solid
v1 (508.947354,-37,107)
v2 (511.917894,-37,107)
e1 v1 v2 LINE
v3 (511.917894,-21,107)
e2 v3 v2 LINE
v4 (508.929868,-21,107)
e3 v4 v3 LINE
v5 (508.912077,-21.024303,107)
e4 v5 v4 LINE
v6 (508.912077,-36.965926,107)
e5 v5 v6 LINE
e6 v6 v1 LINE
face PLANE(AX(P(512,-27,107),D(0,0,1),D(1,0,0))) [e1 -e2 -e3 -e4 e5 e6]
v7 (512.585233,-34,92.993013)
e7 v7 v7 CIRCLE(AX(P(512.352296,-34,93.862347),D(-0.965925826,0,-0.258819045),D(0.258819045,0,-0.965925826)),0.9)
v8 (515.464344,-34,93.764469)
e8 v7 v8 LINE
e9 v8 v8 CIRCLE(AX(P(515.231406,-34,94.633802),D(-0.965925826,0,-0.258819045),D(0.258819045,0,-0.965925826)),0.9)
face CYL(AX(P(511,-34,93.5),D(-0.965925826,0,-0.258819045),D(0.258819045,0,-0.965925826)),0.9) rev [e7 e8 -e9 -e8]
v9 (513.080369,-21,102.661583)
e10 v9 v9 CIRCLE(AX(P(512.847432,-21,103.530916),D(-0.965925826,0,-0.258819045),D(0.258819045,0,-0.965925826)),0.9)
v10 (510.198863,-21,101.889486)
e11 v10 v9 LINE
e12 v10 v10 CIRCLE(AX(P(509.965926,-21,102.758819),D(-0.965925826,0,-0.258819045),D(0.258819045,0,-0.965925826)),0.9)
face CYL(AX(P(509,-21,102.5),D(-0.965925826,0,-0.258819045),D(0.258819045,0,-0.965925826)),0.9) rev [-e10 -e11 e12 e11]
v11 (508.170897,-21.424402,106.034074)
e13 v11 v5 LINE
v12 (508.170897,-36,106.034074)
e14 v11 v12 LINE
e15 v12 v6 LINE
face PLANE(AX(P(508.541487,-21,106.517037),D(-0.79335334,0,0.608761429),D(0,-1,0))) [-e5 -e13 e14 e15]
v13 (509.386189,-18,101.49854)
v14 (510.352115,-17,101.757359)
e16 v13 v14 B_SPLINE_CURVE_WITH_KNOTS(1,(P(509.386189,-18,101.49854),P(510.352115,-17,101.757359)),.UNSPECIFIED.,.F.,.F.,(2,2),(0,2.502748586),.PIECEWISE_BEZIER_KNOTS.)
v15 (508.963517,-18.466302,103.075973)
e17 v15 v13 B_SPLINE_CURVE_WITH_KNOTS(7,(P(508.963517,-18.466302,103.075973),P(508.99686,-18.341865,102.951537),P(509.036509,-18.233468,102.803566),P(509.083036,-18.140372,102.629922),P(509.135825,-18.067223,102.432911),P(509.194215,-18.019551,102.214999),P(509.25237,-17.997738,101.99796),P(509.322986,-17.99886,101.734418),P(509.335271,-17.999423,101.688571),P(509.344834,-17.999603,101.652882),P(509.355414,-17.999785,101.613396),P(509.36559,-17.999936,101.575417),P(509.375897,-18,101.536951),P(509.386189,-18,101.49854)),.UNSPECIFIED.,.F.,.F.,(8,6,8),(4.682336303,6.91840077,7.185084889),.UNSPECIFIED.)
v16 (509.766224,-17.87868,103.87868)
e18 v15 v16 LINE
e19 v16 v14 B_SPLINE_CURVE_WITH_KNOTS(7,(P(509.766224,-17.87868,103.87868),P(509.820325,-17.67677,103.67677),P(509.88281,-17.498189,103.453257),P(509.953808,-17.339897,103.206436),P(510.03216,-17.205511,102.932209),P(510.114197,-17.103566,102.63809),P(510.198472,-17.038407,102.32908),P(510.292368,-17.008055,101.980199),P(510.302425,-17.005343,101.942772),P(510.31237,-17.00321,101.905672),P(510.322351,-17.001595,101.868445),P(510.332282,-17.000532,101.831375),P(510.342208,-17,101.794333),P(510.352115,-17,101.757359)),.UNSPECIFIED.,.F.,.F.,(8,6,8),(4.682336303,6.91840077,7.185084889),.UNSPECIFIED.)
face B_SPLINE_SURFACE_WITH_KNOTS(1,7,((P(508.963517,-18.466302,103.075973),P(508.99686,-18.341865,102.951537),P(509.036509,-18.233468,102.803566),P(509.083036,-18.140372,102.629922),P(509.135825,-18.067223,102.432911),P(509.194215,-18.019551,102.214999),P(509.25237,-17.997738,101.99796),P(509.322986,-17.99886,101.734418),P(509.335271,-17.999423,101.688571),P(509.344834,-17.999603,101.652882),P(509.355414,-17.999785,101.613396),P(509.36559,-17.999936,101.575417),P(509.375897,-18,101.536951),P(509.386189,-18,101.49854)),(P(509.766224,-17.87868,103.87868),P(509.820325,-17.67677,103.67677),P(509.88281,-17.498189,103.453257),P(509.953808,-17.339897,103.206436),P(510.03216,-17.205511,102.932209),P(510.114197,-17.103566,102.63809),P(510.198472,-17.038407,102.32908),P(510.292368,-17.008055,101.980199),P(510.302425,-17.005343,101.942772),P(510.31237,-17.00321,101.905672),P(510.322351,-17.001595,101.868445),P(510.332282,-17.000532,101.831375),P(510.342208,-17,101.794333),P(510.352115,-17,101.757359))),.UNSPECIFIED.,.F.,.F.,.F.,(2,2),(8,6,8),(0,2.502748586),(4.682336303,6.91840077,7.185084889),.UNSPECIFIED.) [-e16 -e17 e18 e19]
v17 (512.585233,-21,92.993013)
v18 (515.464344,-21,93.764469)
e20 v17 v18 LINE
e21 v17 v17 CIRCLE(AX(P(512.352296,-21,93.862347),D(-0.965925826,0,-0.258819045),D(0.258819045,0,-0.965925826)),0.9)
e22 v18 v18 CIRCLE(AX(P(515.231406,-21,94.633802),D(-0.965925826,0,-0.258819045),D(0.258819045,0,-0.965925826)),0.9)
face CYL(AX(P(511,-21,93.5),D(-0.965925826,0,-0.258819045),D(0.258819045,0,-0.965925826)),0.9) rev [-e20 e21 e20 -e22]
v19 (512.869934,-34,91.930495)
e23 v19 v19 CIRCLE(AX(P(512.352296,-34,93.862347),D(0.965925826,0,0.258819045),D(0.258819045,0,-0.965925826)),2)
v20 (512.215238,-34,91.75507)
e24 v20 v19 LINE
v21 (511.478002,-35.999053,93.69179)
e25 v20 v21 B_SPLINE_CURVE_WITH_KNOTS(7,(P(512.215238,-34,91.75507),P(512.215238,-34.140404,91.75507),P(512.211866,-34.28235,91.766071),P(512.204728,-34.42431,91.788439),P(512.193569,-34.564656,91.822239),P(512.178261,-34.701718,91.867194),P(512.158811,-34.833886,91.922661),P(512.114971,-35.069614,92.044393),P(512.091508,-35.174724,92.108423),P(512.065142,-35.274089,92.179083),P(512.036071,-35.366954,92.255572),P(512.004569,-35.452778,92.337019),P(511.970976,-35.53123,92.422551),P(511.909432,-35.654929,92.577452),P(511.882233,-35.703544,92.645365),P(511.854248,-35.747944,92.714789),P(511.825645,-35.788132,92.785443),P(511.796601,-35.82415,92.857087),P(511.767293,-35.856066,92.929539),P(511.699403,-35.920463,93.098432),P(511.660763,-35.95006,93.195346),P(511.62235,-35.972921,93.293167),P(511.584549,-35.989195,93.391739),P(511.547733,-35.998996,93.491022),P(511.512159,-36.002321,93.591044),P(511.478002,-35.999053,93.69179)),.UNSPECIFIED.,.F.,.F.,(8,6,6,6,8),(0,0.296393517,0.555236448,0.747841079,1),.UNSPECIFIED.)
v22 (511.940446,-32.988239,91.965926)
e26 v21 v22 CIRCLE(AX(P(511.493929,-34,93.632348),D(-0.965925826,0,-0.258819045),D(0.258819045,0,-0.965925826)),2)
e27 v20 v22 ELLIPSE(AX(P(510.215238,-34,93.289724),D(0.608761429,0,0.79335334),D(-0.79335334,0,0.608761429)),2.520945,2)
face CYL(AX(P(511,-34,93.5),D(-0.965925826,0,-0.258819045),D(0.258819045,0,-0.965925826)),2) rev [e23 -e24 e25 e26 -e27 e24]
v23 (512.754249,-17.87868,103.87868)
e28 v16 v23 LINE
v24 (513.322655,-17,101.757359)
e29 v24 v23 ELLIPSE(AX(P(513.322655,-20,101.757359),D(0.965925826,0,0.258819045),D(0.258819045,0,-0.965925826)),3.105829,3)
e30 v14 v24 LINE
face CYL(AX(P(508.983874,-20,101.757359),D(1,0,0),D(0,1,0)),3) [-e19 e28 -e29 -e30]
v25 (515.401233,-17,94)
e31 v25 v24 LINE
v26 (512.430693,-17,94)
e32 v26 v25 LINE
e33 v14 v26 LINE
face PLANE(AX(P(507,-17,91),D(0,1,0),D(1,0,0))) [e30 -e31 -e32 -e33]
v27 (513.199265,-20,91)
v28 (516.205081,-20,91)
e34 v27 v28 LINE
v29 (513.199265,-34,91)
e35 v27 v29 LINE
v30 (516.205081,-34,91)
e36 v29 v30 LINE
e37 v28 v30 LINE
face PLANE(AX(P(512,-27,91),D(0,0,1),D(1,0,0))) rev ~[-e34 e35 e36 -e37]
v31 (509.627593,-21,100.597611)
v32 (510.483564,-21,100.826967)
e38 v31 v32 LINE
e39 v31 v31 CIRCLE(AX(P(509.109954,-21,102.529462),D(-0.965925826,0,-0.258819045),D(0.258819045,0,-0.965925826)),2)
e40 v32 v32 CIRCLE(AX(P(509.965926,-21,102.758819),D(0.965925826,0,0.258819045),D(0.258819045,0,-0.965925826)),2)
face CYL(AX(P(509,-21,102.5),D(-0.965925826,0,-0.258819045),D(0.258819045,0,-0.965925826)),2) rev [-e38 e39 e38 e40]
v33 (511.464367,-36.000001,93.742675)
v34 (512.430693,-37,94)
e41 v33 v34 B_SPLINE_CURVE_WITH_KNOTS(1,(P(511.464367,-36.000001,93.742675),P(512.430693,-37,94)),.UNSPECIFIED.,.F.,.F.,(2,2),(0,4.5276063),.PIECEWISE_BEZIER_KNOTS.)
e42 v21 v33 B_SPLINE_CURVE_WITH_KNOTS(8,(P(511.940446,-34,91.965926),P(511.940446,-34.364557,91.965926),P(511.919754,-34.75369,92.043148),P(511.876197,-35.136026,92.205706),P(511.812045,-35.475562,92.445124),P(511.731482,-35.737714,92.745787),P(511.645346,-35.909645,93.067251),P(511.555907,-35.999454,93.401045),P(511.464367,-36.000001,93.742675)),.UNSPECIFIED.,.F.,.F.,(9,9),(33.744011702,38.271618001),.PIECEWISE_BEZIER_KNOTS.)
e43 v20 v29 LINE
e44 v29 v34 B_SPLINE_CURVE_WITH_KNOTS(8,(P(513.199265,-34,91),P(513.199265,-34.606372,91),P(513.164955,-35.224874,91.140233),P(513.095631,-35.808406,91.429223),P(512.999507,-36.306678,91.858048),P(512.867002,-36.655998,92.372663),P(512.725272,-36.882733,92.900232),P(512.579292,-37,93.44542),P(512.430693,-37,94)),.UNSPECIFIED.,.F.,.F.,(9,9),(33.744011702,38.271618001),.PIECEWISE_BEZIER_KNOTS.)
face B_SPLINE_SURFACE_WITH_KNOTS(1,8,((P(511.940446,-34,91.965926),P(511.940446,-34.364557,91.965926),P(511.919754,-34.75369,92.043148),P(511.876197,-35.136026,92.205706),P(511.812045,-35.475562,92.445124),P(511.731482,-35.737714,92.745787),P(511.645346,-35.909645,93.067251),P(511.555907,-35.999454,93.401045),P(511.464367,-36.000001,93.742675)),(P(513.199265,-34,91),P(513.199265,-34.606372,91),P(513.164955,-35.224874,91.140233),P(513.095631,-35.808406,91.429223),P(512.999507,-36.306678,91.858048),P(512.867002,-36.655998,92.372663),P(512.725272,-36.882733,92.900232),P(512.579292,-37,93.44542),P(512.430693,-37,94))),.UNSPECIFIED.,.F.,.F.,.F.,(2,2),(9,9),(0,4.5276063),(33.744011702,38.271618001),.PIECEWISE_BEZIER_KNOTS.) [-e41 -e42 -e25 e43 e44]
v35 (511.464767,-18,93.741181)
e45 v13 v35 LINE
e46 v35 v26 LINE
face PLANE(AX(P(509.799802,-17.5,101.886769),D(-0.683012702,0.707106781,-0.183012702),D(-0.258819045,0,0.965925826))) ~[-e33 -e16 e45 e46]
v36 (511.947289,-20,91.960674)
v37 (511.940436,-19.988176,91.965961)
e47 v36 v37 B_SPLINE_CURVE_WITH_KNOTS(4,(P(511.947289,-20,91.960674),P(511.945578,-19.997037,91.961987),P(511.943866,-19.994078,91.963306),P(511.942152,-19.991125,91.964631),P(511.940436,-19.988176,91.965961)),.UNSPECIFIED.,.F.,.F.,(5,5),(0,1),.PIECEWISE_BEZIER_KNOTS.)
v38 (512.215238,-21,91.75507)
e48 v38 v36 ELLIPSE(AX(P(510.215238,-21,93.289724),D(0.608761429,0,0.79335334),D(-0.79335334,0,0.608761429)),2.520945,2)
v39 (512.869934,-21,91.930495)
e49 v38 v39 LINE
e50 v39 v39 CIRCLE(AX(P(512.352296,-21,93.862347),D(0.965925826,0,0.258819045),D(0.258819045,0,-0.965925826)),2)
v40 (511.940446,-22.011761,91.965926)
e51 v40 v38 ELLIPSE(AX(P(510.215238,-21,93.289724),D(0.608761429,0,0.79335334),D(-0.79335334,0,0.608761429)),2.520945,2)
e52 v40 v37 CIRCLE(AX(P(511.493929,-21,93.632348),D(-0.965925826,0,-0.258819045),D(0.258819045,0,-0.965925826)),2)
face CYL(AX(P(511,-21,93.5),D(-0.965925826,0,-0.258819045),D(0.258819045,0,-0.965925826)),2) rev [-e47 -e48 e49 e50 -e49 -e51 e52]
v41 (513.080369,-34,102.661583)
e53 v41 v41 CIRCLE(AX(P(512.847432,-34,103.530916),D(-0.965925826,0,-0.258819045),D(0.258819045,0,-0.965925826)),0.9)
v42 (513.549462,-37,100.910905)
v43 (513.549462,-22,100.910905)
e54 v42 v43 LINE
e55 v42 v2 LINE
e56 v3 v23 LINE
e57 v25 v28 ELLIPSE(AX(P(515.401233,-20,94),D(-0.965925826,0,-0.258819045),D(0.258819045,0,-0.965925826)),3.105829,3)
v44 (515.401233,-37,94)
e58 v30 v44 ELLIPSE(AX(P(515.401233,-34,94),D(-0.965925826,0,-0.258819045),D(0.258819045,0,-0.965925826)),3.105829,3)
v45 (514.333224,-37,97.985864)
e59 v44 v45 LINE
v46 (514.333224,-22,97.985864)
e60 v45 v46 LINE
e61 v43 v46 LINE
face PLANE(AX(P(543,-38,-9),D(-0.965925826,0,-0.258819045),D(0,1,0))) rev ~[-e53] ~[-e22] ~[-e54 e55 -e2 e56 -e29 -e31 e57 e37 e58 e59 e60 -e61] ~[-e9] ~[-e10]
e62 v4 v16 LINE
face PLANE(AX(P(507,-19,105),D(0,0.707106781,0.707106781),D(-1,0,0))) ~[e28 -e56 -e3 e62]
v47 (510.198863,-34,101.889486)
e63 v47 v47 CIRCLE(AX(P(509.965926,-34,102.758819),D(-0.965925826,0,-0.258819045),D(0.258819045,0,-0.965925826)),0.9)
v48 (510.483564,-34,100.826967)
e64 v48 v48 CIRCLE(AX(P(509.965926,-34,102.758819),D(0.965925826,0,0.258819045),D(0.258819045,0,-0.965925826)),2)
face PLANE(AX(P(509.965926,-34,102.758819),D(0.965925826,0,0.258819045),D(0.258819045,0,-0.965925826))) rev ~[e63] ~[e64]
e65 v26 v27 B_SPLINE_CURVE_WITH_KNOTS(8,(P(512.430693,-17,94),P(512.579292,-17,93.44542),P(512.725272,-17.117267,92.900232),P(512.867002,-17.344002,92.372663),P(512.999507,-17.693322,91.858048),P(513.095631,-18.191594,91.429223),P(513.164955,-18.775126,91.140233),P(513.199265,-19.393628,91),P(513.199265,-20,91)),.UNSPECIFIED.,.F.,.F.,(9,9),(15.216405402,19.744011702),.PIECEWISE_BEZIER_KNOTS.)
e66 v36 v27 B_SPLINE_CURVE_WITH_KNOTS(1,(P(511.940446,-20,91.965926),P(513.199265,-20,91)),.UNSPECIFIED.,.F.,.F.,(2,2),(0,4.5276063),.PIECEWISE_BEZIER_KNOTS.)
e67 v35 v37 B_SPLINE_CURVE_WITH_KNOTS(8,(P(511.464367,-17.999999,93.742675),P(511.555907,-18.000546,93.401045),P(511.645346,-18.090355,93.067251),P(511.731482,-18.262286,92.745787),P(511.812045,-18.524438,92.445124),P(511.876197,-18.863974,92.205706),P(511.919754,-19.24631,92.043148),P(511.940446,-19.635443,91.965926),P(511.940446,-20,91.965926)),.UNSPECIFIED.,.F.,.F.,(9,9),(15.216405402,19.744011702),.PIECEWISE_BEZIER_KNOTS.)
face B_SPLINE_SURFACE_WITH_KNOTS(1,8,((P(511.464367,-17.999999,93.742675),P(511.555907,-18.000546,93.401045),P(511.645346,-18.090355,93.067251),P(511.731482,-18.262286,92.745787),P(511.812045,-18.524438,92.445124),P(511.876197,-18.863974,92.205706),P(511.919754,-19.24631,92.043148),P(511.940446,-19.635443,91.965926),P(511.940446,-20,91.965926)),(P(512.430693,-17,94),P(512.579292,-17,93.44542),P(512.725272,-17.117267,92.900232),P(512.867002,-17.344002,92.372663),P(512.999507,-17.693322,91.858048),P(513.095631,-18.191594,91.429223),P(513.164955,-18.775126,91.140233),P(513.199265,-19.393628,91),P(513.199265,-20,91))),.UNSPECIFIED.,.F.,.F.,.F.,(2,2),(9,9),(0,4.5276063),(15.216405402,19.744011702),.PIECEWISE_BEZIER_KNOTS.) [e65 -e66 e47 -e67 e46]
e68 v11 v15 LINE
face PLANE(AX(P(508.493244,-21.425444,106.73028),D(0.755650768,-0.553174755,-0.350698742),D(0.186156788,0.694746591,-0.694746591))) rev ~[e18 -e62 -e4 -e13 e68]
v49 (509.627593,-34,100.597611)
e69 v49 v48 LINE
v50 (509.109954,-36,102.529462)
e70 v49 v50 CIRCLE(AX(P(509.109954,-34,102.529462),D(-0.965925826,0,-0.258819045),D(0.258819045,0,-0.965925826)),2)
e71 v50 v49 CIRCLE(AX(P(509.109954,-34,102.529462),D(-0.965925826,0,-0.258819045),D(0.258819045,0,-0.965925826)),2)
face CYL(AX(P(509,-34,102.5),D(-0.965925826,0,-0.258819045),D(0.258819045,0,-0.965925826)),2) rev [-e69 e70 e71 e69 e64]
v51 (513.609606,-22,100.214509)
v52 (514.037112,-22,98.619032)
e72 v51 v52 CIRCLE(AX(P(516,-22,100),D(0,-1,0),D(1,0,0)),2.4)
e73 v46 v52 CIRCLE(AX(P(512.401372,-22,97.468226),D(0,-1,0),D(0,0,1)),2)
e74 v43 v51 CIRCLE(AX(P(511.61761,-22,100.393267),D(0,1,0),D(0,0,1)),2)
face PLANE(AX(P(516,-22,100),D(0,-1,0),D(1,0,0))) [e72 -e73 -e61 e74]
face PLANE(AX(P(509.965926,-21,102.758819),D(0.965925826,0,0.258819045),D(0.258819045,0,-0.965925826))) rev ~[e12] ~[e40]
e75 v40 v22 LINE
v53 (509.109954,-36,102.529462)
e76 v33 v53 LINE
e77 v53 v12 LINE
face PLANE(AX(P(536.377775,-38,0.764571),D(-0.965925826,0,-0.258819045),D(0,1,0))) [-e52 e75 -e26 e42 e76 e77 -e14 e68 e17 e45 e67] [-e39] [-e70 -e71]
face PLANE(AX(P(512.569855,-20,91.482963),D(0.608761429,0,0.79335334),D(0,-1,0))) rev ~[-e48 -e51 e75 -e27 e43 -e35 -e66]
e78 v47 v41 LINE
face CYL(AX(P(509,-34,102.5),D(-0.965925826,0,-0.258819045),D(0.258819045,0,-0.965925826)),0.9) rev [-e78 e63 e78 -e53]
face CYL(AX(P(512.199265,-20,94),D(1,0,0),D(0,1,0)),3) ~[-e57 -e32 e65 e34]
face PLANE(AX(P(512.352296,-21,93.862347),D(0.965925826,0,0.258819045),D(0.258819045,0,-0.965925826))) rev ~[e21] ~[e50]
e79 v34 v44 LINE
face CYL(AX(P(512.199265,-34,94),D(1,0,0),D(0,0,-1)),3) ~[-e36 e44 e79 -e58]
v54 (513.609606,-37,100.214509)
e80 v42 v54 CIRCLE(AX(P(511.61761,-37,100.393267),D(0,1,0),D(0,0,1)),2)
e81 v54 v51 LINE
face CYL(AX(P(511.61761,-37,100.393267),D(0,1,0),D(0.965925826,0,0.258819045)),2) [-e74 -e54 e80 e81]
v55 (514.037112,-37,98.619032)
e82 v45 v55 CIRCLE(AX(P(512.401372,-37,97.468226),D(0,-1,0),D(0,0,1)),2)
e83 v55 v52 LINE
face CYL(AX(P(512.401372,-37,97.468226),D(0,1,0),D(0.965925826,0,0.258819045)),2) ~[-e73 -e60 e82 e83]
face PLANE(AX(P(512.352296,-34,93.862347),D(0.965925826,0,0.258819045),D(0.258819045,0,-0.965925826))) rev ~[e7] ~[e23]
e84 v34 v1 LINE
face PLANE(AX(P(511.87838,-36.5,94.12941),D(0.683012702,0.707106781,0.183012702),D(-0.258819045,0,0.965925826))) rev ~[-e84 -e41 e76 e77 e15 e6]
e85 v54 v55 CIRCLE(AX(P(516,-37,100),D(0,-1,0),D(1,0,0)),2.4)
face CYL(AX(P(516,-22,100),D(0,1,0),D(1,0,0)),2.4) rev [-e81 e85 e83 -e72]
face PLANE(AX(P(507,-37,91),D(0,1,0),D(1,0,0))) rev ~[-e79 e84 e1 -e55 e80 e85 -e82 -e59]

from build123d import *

# Parameters (mm, degrees)
CYLINDER119_R               = 2
CYLINDER119_DEPTH           = 1
CYLINDER119_PLACEMENT_ANGLE = 75
CYLINDER121_R               = 2
CYLINDER121_DEPTH           = 1
CYLINDER121_PLACEMENT_ANGLE = 75
CYLINDER122_R               = 2
CYLINDER122_DEPTH           = 1.4
CYLINDER122_PLACEMENT_ANGLE = 75
CYLINDER120_R               = 2
CYLINDER120_DEPTH           = 1.4
CYLINDER120_PLACEMENT_ANGLE = 75
CYLINDER118_R               = 2.4
CYLINDER118_DEPTH           = 15
CYLINDER118_ROLL_ANGLE      = 90
CYLINDER116_R               = 0.9
CYLINDER116_DEPTH           = 9
CYLINDER116_PLACEMENT_ANGLE = 75
CYLINDER117_R               = 0.9
CYLINDER117_DEPTH           = 9
CYLINDER117_PLACEMENT_ANGLE = 75
CYLINDER115_R               = 0.9
CYLINDER115_DEPTH           = 9
CYLINDER115_PLACEMENT_ANGLE = 75
CYLINDER114_R               = 0.9
CYLINDER114_DEPTH           = 9
CYLINDER114_PLACEMENT_ANGLE = 75
BOX098_W                    = 40
BOX098_H                    = 156
BOX098_DEPTH                = 130
BOX098_PITCH_ANGLE          = -15
BOX099_W                    = 30
BOX099_H                    = 156
BOX099_DEPTH                = 130
BOX099_PITCH_ANGLE          = -15
BOX100_W                    = 10
BOX100_H                    = 20
BOX100_DEPTH                = 16
CHAMFER010_SIZE             = 4
FILLET024_R                 = 3
CHAMFER011_SIZE             = 1
FILLET025_R                 = 2


with BuildPart() as cylinder119:
    # Cylinder119 → Cylinder119 (new body)
    with BuildSketch(Plane.XY):
        Circle(CYLINDER119_R)
    extrude(amount=CYLINDER119_DEPTH)


with BuildPart() as cylinder119_1:
    # Cylinder119 placement: moved
    add(cylinder119.part.moved(Location((509, -34, 102.5))).rotate(Axis((509, -34, 102.5), (0, 1, 0)), CYLINDER119_PLACEMENT_ANGLE))


with BuildPart() as fusion122:
    # Cylinder121 → Cylinder121 (new body)
    with BuildSketch(Plane.XY):
        Circle(CYLINDER121_R)
    extrude(amount=CYLINDER121_DEPTH)


with BuildPart() as fusion122_1:
    # Cylinder121 placement: moved
    add(fusion122.part.moved(Location((509, -21, 102.5))).rotate(Axis((509, -21, 102.5), (0, 1, 0)), CYLINDER121_PLACEMENT_ANGLE))

    # Fusion122: union Cylinder119
    add(cylinder119_1.part)


with BuildPart() as cylinder122:
    # Cylinder122 → Cylinder122 (new body)
    with BuildSketch(Plane.XY):
        Circle(CYLINDER122_R)
    extrude(amount=CYLINDER122_DEPTH)


with BuildPart() as cylinder122_1:
    # Cylinder122 placement: moved
    add(cylinder122.part.moved(Location((509, -34, 102.5))).rotate(Axis((509, -34, 102.5), (0, 1, 0)), CYLINDER122_PLACEMENT_ANGLE))


with BuildPart() as fusion123:
    # Cylinder120 → Cylinder120 (new body)
    with BuildSketch(Plane.XY):
        Circle(CYLINDER120_R)
    extrude(amount=CYLINDER120_DEPTH)


with BuildPart() as fusion123_1:
    # Cylinder120 placement: moved
    add(fusion123.part.moved(Location((509, -21, 102.5))).rotate(Axis((509, -21, 102.5), (0, 1, 0)), CYLINDER120_PLACEMENT_ANGLE))

    # Fusion124: union Cylinder122
    add(cylinder122_1.part)


with BuildPart() as fusion123_2:
    # Fusion124 placement: moved
    add(fusion123_1.part.moved(Location((2, 0, -9))))

    # Fusion123: union Fusion122
    add(fusion122_1.part)


with BuildPart() as cylinder118:
    # Cylinder118 → Cylinder118 (new body)
    with BuildSketch(Plane.XY):
        Circle(CYLINDER118_R)
    extrude(amount=CYLINDER118_DEPTH)


with BuildPart() as cylinder118_1:
    # Cylinder118 roll: moved
    add(cylinder118.part.rotate(Axis((0, 0, 0), (1, 0, 0)), CYLINDER118_ROLL_ANGLE))


with BuildPart() as cylinder118_2:
    # Cylinder118 placement: moved
    add(cylinder118_1.part.moved(Location((516, -22, 100))))


with BuildPart() as cylinder116:
    # Cylinder116 → Cylinder116 (new body)
    with BuildSketch(Plane.XY):
        Circle(CYLINDER116_R)
    extrude(amount=CYLINDER116_DEPTH)


with BuildPart() as cylinder116_1:
    # Cylinder116 placement: moved
    add(cylinder116.part.moved(Location((509, -34, 102.5))).rotate(Axis((509, -34, 102.5), (0, 1, 0)), CYLINDER116_PLACEMENT_ANGLE))


with BuildPart() as fusion120:
    # Cylinder117 → Cylinder117 (new body)
    with BuildSketch(Plane.XY):
        Circle(CYLINDER117_R)
    extrude(amount=CYLINDER117_DEPTH)


with BuildPart() as fusion120_1:
    # Cylinder117 placement: moved
    add(fusion120.part.moved(Location((509, -21, 102.5))).rotate(Axis((509, -21, 102.5), (0, 1, 0)), CYLINDER117_PLACEMENT_ANGLE))

    # Fusion120: union Cylinder116
    add(cylinder116_1.part)


with BuildPart() as cylinder115:
    # Cylinder115 → Cylinder115 (new body)
    with BuildSketch(Plane.XY):
        Circle(CYLINDER115_R)
    extrude(amount=CYLINDER115_DEPTH)


with BuildPart() as cylinder115_1:
    # Cylinder115 placement: moved
    add(cylinder115.part.moved(Location((509, -34, 102.5))).rotate(Axis((509, -34, 102.5), (0, 1, 0)), CYLINDER115_PLACEMENT_ANGLE))


with BuildPart() as fusion121:
    # Cylinder114 → Cylinder114 (new body)
    with BuildSketch(Plane.XY):
        Circle(CYLINDER114_R)
    extrude(amount=CYLINDER114_DEPTH)


with BuildPart() as fusion121_1:
    # Cylinder114 placement: moved
    add(fusion121.part.moved(Location((509, -21, 102.5))).rotate(Axis((509, -21, 102.5), (0, 1, 0)), CYLINDER114_PLACEMENT_ANGLE))

    # Fusion119: union Cylinder115
    add(cylinder115_1.part)


with BuildPart() as fusion121_2:
    # Fusion119 placement: moved
    add(fusion121_1.part.moved(Location((2, 0, -9))))

    # Fusion121: union Fusion120
    add(fusion120_1.part)


with BuildPart() as cube070:
    # Box098 → Box098 (new body)
    with BuildSketch(Plane.XY):
        with Locations((20, 78)):
            Rectangle(BOX098_W, BOX098_H)
    extrude(amount=BOX098_DEPTH)


with BuildPart() as cube070_1:
    # Box098 pitch: moved
    add(cube070.part.rotate(Axis((0, 0, 0), (0, 1, 0)), BOX098_PITCH_ANGLE))


with BuildPart() as cube070_2:
    # Box098 placement: moved
    add(cube070_1.part.moved(Location((569, -38, -9))))


with BuildPart() as fusion118:
    # Box099 → Box099 (new body)
    with BuildSketch(Plane.XY):
        with Locations((15, 78)):
            Rectangle(BOX099_W, BOX099_H)
    extrude(amount=BOX099_DEPTH)


with BuildPart() as fusion118_1:
    # Box099 pitch: moved
    add(fusion118.part.rotate(Axis((0, 0, 0), (0, 1, 0)), BOX099_PITCH_ANGLE))


with BuildPart() as fusion118_2:
    # Box099 placement: moved
    add(fusion118_1.part.moved(Location((533.4, -38, -7))))

    # Fusion118: union Cube070
    add(cube070_2.part)


with BuildPart() as fusion118_3:
    # Fusion118 placement: moved
    add(fusion118_2.part.moved(Location((-22, 0, 0))))


with BuildPart() as door_rear_bar_holder_left:
    # Box100 → Box100 (new body)
    with BuildSketch(Plane(origin=(511, -37, 98), x_dir=(1, 0, 0), z_dir=(0, 0, 1))):
        with Locations((5, 10)):
            Rectangle(BOX100_W, BOX100_H)
    extrude(amount=BOX100_DEPTH)

    # Chamfer010
    chamfer010_edges = [door_rear_bar_holder_left.edges().sort_by_distance(p)[0] for p in [
        (516, -17, 114),
    ]]
    chamfer(chamfer010_edges, length=CHAMFER010_SIZE)


with BuildPart() as door_rear_bar_holder_left_1:
    # Chamfer010 placement: moved
    add(door_rear_bar_holder_left.part.moved(Location((0, 0, -7))))

    # Cut117: cut Fusion118
    add(fusion118_3.part, mode=Mode.SUBTRACT)


with BuildPart() as door_rear_bar_holder_left_2:
    # Cut117 placement: moved
    add(door_rear_bar_holder_left_1.part.moved(Location((-4, 0, 0))))

    # Cut118: cut Fusion121
    add(fusion121_2.part, mode=Mode.SUBTRACT)

    # Fillet024
    fillet024_edges = [door_rear_bar_holder_left_2.edges().sort_by_distance(p)[0] for p in [
        (510.986782, -17, 103),
        (514.202173, -37, 91),
        (514.202173, -17, 91),
    ]]
    fillet(fillet024_edges, radius=FILLET024_R)

    # Chamfer011
    chamfer011_edges = [door_rear_bar_holder_left_2.edges().sort_by_distance(p)[0] for p in [
        (507.912077, -29, 107),
        (512.199265, -27, 91),
    ]]
    chamfer(chamfer011_edges, length=CHAMFER011_SIZE)

    # Cut119: cut Cylinder118
    add(cylinder118_2.part, mode=Mode.SUBTRACT)

    # Fillet025
    fillet025_edges = [door_rear_bar_holder_left_2.edges().sort_by_distance(p)[0] for p in [
        (514.226943, -29.5, 98.382512),
        (513.655743, -29.5, 100.514257),
    ]]
    fillet(fillet025_edges, radius=FILLET025_R)

    # Cut120: cut Fusion123
    add(fusion123_2.part, mode=Mode.SUBTRACT)


solid = door_rear_bar_holder_left_2.part
